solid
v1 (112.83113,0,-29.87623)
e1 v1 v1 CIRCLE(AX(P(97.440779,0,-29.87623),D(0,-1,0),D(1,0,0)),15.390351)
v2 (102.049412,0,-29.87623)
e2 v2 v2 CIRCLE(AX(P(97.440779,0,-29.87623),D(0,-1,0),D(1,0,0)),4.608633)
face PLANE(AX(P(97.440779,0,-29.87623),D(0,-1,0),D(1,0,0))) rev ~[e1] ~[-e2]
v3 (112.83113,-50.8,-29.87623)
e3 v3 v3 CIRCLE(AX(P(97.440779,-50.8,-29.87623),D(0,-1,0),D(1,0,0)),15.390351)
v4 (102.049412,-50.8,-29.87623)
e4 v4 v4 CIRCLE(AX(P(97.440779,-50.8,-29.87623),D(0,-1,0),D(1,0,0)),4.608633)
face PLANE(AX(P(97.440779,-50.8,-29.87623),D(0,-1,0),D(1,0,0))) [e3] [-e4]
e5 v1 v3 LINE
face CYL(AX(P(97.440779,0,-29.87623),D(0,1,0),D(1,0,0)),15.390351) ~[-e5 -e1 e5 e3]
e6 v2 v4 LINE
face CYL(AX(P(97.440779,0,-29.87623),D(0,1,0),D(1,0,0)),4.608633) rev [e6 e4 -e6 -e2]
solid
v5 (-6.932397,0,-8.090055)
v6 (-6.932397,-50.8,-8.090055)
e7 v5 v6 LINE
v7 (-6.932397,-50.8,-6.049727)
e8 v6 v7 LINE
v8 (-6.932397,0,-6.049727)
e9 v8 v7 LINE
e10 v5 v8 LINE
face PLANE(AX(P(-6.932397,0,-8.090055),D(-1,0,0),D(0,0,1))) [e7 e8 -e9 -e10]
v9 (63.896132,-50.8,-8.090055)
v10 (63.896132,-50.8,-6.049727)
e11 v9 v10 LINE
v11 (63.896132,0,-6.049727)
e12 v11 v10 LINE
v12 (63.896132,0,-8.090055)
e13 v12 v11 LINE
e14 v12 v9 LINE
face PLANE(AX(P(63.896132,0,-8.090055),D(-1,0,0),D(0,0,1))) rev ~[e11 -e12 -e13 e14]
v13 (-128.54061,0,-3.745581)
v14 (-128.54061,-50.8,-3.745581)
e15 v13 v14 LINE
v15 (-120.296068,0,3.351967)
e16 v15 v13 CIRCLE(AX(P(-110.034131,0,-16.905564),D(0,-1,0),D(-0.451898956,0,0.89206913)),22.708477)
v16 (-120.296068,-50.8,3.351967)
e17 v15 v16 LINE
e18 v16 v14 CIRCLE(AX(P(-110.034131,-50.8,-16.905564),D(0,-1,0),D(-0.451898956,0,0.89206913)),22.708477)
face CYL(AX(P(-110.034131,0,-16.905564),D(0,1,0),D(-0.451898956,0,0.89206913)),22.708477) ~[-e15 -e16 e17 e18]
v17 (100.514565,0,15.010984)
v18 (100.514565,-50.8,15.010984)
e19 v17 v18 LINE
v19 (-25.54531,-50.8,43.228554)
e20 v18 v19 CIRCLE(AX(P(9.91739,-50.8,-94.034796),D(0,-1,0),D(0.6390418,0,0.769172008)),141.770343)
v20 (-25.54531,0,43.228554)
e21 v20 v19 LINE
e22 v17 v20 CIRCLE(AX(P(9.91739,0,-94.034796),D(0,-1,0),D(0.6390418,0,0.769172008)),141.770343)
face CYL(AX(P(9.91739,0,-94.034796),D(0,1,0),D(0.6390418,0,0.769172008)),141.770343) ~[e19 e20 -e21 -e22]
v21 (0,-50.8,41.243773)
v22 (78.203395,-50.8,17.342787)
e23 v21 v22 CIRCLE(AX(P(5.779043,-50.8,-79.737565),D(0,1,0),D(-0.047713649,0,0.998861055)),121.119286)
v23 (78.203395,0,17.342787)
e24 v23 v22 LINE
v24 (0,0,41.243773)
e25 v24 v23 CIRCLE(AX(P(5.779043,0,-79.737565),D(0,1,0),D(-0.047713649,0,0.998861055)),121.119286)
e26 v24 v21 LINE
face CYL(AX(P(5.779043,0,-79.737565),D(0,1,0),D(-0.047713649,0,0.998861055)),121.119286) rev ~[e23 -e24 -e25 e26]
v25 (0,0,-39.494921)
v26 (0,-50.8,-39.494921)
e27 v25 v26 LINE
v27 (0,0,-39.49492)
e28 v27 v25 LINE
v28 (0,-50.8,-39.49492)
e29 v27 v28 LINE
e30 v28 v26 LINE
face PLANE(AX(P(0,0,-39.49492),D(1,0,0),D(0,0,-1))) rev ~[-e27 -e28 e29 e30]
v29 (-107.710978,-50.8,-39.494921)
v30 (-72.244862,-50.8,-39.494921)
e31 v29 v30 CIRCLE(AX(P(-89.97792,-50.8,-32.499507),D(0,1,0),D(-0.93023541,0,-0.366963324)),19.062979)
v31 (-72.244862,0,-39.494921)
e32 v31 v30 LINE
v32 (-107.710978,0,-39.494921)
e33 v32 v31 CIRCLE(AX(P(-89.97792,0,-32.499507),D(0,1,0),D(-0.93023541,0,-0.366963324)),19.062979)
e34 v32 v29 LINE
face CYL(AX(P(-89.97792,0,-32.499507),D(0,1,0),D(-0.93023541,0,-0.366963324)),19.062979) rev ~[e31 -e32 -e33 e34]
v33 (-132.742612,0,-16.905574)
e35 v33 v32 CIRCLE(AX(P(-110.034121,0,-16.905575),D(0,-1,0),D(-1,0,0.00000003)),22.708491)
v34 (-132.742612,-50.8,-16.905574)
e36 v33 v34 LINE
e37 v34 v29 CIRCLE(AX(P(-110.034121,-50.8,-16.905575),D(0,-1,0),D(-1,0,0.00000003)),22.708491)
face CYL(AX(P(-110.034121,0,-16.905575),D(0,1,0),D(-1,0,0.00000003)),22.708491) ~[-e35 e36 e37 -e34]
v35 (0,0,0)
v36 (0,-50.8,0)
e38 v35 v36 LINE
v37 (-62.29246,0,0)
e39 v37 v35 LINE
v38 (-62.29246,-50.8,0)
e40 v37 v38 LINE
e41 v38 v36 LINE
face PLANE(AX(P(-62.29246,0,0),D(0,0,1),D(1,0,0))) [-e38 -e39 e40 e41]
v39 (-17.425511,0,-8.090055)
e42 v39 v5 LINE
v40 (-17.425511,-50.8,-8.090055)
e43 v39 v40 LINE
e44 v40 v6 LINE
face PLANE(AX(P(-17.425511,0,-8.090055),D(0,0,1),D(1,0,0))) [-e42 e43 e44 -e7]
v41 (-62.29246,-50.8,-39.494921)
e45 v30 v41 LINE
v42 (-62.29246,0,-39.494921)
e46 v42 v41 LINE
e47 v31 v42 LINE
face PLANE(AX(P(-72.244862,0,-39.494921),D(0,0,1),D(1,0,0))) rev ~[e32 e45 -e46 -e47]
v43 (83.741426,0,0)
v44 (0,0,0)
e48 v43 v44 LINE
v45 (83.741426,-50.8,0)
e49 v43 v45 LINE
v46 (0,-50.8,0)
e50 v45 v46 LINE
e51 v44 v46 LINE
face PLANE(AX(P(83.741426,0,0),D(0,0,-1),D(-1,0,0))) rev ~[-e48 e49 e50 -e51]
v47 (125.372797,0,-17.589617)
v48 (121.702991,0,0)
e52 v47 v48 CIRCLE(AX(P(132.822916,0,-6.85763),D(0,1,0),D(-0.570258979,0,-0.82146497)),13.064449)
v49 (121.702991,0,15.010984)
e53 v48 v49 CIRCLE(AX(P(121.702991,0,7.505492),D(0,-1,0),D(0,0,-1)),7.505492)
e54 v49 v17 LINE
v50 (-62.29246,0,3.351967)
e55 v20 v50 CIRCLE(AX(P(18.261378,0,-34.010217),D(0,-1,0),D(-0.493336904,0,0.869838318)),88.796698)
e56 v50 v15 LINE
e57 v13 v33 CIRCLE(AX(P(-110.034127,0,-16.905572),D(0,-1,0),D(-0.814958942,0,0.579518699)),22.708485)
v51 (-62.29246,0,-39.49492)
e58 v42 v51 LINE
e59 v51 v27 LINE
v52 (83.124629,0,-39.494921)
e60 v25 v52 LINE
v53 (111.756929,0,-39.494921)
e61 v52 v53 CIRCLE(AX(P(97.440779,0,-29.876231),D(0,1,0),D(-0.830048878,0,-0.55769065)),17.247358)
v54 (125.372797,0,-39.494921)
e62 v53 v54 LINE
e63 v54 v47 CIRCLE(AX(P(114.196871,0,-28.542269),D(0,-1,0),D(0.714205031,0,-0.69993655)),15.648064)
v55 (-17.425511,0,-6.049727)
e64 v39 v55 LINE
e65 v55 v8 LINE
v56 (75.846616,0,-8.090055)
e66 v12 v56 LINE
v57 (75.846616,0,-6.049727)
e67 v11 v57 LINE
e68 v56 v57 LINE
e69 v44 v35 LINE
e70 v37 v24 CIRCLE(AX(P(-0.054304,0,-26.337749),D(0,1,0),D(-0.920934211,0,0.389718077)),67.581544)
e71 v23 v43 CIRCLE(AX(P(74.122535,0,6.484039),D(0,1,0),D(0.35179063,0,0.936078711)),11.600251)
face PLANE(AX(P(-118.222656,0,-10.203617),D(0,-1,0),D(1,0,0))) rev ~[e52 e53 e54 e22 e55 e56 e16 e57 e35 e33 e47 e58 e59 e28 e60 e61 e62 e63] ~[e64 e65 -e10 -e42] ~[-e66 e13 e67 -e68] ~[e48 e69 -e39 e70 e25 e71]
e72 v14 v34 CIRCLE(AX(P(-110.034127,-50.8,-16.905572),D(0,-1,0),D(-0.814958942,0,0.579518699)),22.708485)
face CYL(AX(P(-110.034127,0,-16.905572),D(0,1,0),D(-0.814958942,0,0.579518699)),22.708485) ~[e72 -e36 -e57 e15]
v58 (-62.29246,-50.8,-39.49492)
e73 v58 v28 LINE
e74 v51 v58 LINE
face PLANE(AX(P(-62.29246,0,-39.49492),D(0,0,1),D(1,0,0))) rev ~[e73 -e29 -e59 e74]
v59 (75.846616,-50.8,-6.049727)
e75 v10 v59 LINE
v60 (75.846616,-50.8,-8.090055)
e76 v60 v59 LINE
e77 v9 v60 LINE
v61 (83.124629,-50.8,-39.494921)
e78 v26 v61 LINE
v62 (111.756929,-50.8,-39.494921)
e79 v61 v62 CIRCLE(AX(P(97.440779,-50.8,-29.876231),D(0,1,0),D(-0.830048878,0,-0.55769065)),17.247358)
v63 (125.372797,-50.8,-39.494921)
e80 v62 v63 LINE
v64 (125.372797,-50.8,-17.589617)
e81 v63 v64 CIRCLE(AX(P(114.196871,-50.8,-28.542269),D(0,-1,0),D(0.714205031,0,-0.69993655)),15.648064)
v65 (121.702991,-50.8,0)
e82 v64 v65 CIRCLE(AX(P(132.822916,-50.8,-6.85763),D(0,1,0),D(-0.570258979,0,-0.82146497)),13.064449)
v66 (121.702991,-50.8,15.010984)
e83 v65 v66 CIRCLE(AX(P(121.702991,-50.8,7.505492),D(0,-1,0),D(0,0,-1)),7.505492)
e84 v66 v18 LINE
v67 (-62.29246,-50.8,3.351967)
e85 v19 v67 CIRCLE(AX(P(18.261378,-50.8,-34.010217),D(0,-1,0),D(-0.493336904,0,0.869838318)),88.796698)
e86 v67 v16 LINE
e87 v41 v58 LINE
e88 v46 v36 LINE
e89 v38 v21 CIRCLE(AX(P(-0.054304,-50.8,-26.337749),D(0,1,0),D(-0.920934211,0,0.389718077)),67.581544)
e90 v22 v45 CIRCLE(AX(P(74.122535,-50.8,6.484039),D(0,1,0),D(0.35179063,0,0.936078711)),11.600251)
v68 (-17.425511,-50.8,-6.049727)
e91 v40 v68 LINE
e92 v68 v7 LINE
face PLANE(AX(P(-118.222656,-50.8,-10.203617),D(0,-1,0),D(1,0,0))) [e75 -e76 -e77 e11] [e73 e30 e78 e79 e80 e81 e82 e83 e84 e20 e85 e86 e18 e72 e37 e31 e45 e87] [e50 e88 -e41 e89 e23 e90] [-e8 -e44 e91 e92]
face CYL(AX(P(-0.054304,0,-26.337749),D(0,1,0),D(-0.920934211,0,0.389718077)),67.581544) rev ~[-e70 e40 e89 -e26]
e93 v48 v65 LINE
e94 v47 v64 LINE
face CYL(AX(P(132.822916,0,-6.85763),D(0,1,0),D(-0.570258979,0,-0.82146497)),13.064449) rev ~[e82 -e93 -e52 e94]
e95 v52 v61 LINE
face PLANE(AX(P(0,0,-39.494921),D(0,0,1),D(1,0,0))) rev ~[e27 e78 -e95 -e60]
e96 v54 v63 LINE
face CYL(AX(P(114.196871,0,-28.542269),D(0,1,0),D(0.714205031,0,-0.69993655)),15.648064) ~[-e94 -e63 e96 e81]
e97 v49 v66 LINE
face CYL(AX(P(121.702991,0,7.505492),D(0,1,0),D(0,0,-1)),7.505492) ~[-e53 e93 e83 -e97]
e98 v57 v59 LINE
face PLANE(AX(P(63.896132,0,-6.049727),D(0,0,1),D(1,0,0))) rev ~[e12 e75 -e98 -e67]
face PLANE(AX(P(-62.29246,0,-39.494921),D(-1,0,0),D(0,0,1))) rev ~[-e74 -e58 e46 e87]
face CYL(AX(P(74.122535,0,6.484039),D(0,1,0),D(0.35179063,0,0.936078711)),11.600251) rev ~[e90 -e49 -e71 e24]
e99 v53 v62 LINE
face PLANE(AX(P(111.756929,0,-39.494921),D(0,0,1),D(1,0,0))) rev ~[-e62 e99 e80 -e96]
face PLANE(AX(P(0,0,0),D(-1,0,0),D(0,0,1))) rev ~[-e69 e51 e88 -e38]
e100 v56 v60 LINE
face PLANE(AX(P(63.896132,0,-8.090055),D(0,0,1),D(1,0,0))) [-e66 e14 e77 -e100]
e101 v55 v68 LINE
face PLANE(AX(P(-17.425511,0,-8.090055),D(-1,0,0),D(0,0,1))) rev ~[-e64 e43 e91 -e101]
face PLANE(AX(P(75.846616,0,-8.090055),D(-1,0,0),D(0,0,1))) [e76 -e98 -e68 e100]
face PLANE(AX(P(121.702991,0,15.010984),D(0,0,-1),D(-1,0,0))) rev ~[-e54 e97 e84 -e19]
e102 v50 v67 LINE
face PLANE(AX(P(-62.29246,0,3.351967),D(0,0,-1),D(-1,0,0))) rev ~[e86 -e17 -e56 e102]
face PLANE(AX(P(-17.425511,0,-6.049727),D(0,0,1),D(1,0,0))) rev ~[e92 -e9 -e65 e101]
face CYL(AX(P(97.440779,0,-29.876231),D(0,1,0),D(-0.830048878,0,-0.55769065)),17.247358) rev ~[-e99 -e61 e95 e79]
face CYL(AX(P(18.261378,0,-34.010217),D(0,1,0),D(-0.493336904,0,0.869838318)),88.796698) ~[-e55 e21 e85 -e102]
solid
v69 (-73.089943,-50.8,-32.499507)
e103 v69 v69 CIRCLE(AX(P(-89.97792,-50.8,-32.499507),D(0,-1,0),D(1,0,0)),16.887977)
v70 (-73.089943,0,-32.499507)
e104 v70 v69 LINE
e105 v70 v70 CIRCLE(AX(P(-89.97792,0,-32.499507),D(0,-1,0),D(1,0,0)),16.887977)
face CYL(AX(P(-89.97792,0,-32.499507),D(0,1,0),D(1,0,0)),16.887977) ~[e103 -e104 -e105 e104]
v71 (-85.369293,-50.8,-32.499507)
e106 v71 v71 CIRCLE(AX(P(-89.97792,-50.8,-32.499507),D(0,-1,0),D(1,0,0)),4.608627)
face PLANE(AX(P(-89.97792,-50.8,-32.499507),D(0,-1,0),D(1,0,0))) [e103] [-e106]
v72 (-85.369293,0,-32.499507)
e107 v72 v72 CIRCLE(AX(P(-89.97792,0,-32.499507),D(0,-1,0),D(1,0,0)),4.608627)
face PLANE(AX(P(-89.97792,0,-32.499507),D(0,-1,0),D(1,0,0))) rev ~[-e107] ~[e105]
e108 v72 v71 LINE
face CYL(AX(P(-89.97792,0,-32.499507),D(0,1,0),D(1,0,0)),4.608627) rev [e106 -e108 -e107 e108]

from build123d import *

# Parameters (mm, degrees)
F0_R     = 16.887977
F0_R_2   = 4.608627
F0_R_3   = 15.390351
F0_R_4   = 4.608633
F0_W     = 11.950485
F0_H     = 2.040328
F0_W_2   = 62.29246
F0_H_2   = 39.494921
F0_W_3   = 10.493115
F1_DEPTH = 50.8


with BuildPart() as f1:
    # F0 (on Front) → F1 (new body)
    with BuildSketch(Plane.XZ):
        with BuildLine():
            Line((-103.385788, -3.745581), (-128.54061, -3.745581))
            ThreePointArc((-128.54061, -3.745581), (-131.66662, -9.998291), (-132.742612, -16.905574))
            Line((-132.742612, -16.905574), (-110.034121, -16.905574))
            ThreePointArc((-110.034121, -16.905574), (-104.690656, -11.345713), (-103.385788, -3.745581))
        make_face()
        with Locations((-89.97792, -32.499507)):
            Circle(F0_R)
        with Locations((-89.97792, -32.499507)):
            Circle(F0_R_2, mode=Mode.SUBTRACT)
        with Locations((97.440779, -29.87623)):
            Circle(F0_R_3)
        with Locations((97.440779, -29.87623)):
            Circle(F0_R_4, mode=Mode.SUBTRACT)
        with BuildLine():
            Line((0, -39.494921), (64.50405, -39.494921))
            Line((64.50405, -39.494921), (83.158471, -13.26213))
            ThreePointArc((83.158471, -13.26213), (85.019224, -6.700045), (83.741426, 0))
            Line((83.741426, 0), (0, 0))
            Line((0, 0), (0, -39.494921))
        make_face()
        with Locations((69.871374, -7.069891)):
            Rectangle(F0_W, F0_H, mode=Mode.SUBTRACT)
        with Locations((-31.14623, -19.74746)):
            Rectangle(F0_W_2, F0_H_2)
        with Locations((-12.178954, -7.069891)):
            Rectangle(F0_W_3, F0_H, mode=Mode.SUBTRACT)
        with BuildLine():
            ThreePointArc((121.702991, 0), (129.208483, 7.505492), (121.702991, 15.010984))
            Line((121.702991, 15.010984), (100.514565, 15.010984))
            ThreePointArc((100.514565, 15.010984), (40.885283, 44.311942), (-25.54531, 43.228554))
            ThreePointArc((-25.54531, 43.228554), (-47.037325, 26.163972), (-62.29246, 3.351967))
            Line((-62.29246, 3.351967), (-120.296068, 3.351967))
            ThreePointArc((-120.296068, 3.351967), (-124.849638, 0.304191), (-128.54061, -3.745581))
            Line((-128.54061, -3.745581), (-103.385788, -3.745581))
            ThreePointArc((-103.385788, -3.745581), (-104.690656, -11.345713), (-110.034121, -16.905574))
            Line((-110.034121, -16.905574), (-132.742612, -16.905574))
            ThreePointArc((-132.742612, -16.905574), (-125.247939, -33.764261), (-107.710978, -39.494921))
            ThreePointArc((-107.710978, -39.494921), (-89.97792, -13.436528), (-72.244862, -39.494921))
            Line((-72.244862, -39.494921), (-62.29246, -39.494921))
            Line((-62.29246, -39.494921), (-62.29246, 0))
            ThreePointArc((-62.29246, 0), (-37.363419, 30.012007), (0, 41.243773))
            ThreePointArc((0, 41.243773), (41.1798, 36.092776), (78.203395, 17.342787))
            ThreePointArc((78.203395, 17.342787), (85.173049, 10.012774), (83.741426, 0))
            ThreePointArc((83.741426, 0), (85.019224, -6.700045), (83.158471, -13.26213))
            Line((83.158471, -13.26213), (64.50405, -39.494921))
            Line((64.50405, -39.494921), (83.124629, -39.494921))
            ThreePointArc((83.124629, -39.494921), (97.440779, -12.628873), (111.756929, -39.494921))
            Line((111.756929, -39.494921), (125.372797, -39.494921))
            ThreePointArc((125.372797, -39.494921), (129.844935, -28.542269), (125.372797, -17.589617))
            ThreePointArc((125.372797, -17.589617), (120.033847, -9.525875), (121.702991, 0))
        make_face()
    extrude(amount=F1_DEPTH)


solid = f1.part
